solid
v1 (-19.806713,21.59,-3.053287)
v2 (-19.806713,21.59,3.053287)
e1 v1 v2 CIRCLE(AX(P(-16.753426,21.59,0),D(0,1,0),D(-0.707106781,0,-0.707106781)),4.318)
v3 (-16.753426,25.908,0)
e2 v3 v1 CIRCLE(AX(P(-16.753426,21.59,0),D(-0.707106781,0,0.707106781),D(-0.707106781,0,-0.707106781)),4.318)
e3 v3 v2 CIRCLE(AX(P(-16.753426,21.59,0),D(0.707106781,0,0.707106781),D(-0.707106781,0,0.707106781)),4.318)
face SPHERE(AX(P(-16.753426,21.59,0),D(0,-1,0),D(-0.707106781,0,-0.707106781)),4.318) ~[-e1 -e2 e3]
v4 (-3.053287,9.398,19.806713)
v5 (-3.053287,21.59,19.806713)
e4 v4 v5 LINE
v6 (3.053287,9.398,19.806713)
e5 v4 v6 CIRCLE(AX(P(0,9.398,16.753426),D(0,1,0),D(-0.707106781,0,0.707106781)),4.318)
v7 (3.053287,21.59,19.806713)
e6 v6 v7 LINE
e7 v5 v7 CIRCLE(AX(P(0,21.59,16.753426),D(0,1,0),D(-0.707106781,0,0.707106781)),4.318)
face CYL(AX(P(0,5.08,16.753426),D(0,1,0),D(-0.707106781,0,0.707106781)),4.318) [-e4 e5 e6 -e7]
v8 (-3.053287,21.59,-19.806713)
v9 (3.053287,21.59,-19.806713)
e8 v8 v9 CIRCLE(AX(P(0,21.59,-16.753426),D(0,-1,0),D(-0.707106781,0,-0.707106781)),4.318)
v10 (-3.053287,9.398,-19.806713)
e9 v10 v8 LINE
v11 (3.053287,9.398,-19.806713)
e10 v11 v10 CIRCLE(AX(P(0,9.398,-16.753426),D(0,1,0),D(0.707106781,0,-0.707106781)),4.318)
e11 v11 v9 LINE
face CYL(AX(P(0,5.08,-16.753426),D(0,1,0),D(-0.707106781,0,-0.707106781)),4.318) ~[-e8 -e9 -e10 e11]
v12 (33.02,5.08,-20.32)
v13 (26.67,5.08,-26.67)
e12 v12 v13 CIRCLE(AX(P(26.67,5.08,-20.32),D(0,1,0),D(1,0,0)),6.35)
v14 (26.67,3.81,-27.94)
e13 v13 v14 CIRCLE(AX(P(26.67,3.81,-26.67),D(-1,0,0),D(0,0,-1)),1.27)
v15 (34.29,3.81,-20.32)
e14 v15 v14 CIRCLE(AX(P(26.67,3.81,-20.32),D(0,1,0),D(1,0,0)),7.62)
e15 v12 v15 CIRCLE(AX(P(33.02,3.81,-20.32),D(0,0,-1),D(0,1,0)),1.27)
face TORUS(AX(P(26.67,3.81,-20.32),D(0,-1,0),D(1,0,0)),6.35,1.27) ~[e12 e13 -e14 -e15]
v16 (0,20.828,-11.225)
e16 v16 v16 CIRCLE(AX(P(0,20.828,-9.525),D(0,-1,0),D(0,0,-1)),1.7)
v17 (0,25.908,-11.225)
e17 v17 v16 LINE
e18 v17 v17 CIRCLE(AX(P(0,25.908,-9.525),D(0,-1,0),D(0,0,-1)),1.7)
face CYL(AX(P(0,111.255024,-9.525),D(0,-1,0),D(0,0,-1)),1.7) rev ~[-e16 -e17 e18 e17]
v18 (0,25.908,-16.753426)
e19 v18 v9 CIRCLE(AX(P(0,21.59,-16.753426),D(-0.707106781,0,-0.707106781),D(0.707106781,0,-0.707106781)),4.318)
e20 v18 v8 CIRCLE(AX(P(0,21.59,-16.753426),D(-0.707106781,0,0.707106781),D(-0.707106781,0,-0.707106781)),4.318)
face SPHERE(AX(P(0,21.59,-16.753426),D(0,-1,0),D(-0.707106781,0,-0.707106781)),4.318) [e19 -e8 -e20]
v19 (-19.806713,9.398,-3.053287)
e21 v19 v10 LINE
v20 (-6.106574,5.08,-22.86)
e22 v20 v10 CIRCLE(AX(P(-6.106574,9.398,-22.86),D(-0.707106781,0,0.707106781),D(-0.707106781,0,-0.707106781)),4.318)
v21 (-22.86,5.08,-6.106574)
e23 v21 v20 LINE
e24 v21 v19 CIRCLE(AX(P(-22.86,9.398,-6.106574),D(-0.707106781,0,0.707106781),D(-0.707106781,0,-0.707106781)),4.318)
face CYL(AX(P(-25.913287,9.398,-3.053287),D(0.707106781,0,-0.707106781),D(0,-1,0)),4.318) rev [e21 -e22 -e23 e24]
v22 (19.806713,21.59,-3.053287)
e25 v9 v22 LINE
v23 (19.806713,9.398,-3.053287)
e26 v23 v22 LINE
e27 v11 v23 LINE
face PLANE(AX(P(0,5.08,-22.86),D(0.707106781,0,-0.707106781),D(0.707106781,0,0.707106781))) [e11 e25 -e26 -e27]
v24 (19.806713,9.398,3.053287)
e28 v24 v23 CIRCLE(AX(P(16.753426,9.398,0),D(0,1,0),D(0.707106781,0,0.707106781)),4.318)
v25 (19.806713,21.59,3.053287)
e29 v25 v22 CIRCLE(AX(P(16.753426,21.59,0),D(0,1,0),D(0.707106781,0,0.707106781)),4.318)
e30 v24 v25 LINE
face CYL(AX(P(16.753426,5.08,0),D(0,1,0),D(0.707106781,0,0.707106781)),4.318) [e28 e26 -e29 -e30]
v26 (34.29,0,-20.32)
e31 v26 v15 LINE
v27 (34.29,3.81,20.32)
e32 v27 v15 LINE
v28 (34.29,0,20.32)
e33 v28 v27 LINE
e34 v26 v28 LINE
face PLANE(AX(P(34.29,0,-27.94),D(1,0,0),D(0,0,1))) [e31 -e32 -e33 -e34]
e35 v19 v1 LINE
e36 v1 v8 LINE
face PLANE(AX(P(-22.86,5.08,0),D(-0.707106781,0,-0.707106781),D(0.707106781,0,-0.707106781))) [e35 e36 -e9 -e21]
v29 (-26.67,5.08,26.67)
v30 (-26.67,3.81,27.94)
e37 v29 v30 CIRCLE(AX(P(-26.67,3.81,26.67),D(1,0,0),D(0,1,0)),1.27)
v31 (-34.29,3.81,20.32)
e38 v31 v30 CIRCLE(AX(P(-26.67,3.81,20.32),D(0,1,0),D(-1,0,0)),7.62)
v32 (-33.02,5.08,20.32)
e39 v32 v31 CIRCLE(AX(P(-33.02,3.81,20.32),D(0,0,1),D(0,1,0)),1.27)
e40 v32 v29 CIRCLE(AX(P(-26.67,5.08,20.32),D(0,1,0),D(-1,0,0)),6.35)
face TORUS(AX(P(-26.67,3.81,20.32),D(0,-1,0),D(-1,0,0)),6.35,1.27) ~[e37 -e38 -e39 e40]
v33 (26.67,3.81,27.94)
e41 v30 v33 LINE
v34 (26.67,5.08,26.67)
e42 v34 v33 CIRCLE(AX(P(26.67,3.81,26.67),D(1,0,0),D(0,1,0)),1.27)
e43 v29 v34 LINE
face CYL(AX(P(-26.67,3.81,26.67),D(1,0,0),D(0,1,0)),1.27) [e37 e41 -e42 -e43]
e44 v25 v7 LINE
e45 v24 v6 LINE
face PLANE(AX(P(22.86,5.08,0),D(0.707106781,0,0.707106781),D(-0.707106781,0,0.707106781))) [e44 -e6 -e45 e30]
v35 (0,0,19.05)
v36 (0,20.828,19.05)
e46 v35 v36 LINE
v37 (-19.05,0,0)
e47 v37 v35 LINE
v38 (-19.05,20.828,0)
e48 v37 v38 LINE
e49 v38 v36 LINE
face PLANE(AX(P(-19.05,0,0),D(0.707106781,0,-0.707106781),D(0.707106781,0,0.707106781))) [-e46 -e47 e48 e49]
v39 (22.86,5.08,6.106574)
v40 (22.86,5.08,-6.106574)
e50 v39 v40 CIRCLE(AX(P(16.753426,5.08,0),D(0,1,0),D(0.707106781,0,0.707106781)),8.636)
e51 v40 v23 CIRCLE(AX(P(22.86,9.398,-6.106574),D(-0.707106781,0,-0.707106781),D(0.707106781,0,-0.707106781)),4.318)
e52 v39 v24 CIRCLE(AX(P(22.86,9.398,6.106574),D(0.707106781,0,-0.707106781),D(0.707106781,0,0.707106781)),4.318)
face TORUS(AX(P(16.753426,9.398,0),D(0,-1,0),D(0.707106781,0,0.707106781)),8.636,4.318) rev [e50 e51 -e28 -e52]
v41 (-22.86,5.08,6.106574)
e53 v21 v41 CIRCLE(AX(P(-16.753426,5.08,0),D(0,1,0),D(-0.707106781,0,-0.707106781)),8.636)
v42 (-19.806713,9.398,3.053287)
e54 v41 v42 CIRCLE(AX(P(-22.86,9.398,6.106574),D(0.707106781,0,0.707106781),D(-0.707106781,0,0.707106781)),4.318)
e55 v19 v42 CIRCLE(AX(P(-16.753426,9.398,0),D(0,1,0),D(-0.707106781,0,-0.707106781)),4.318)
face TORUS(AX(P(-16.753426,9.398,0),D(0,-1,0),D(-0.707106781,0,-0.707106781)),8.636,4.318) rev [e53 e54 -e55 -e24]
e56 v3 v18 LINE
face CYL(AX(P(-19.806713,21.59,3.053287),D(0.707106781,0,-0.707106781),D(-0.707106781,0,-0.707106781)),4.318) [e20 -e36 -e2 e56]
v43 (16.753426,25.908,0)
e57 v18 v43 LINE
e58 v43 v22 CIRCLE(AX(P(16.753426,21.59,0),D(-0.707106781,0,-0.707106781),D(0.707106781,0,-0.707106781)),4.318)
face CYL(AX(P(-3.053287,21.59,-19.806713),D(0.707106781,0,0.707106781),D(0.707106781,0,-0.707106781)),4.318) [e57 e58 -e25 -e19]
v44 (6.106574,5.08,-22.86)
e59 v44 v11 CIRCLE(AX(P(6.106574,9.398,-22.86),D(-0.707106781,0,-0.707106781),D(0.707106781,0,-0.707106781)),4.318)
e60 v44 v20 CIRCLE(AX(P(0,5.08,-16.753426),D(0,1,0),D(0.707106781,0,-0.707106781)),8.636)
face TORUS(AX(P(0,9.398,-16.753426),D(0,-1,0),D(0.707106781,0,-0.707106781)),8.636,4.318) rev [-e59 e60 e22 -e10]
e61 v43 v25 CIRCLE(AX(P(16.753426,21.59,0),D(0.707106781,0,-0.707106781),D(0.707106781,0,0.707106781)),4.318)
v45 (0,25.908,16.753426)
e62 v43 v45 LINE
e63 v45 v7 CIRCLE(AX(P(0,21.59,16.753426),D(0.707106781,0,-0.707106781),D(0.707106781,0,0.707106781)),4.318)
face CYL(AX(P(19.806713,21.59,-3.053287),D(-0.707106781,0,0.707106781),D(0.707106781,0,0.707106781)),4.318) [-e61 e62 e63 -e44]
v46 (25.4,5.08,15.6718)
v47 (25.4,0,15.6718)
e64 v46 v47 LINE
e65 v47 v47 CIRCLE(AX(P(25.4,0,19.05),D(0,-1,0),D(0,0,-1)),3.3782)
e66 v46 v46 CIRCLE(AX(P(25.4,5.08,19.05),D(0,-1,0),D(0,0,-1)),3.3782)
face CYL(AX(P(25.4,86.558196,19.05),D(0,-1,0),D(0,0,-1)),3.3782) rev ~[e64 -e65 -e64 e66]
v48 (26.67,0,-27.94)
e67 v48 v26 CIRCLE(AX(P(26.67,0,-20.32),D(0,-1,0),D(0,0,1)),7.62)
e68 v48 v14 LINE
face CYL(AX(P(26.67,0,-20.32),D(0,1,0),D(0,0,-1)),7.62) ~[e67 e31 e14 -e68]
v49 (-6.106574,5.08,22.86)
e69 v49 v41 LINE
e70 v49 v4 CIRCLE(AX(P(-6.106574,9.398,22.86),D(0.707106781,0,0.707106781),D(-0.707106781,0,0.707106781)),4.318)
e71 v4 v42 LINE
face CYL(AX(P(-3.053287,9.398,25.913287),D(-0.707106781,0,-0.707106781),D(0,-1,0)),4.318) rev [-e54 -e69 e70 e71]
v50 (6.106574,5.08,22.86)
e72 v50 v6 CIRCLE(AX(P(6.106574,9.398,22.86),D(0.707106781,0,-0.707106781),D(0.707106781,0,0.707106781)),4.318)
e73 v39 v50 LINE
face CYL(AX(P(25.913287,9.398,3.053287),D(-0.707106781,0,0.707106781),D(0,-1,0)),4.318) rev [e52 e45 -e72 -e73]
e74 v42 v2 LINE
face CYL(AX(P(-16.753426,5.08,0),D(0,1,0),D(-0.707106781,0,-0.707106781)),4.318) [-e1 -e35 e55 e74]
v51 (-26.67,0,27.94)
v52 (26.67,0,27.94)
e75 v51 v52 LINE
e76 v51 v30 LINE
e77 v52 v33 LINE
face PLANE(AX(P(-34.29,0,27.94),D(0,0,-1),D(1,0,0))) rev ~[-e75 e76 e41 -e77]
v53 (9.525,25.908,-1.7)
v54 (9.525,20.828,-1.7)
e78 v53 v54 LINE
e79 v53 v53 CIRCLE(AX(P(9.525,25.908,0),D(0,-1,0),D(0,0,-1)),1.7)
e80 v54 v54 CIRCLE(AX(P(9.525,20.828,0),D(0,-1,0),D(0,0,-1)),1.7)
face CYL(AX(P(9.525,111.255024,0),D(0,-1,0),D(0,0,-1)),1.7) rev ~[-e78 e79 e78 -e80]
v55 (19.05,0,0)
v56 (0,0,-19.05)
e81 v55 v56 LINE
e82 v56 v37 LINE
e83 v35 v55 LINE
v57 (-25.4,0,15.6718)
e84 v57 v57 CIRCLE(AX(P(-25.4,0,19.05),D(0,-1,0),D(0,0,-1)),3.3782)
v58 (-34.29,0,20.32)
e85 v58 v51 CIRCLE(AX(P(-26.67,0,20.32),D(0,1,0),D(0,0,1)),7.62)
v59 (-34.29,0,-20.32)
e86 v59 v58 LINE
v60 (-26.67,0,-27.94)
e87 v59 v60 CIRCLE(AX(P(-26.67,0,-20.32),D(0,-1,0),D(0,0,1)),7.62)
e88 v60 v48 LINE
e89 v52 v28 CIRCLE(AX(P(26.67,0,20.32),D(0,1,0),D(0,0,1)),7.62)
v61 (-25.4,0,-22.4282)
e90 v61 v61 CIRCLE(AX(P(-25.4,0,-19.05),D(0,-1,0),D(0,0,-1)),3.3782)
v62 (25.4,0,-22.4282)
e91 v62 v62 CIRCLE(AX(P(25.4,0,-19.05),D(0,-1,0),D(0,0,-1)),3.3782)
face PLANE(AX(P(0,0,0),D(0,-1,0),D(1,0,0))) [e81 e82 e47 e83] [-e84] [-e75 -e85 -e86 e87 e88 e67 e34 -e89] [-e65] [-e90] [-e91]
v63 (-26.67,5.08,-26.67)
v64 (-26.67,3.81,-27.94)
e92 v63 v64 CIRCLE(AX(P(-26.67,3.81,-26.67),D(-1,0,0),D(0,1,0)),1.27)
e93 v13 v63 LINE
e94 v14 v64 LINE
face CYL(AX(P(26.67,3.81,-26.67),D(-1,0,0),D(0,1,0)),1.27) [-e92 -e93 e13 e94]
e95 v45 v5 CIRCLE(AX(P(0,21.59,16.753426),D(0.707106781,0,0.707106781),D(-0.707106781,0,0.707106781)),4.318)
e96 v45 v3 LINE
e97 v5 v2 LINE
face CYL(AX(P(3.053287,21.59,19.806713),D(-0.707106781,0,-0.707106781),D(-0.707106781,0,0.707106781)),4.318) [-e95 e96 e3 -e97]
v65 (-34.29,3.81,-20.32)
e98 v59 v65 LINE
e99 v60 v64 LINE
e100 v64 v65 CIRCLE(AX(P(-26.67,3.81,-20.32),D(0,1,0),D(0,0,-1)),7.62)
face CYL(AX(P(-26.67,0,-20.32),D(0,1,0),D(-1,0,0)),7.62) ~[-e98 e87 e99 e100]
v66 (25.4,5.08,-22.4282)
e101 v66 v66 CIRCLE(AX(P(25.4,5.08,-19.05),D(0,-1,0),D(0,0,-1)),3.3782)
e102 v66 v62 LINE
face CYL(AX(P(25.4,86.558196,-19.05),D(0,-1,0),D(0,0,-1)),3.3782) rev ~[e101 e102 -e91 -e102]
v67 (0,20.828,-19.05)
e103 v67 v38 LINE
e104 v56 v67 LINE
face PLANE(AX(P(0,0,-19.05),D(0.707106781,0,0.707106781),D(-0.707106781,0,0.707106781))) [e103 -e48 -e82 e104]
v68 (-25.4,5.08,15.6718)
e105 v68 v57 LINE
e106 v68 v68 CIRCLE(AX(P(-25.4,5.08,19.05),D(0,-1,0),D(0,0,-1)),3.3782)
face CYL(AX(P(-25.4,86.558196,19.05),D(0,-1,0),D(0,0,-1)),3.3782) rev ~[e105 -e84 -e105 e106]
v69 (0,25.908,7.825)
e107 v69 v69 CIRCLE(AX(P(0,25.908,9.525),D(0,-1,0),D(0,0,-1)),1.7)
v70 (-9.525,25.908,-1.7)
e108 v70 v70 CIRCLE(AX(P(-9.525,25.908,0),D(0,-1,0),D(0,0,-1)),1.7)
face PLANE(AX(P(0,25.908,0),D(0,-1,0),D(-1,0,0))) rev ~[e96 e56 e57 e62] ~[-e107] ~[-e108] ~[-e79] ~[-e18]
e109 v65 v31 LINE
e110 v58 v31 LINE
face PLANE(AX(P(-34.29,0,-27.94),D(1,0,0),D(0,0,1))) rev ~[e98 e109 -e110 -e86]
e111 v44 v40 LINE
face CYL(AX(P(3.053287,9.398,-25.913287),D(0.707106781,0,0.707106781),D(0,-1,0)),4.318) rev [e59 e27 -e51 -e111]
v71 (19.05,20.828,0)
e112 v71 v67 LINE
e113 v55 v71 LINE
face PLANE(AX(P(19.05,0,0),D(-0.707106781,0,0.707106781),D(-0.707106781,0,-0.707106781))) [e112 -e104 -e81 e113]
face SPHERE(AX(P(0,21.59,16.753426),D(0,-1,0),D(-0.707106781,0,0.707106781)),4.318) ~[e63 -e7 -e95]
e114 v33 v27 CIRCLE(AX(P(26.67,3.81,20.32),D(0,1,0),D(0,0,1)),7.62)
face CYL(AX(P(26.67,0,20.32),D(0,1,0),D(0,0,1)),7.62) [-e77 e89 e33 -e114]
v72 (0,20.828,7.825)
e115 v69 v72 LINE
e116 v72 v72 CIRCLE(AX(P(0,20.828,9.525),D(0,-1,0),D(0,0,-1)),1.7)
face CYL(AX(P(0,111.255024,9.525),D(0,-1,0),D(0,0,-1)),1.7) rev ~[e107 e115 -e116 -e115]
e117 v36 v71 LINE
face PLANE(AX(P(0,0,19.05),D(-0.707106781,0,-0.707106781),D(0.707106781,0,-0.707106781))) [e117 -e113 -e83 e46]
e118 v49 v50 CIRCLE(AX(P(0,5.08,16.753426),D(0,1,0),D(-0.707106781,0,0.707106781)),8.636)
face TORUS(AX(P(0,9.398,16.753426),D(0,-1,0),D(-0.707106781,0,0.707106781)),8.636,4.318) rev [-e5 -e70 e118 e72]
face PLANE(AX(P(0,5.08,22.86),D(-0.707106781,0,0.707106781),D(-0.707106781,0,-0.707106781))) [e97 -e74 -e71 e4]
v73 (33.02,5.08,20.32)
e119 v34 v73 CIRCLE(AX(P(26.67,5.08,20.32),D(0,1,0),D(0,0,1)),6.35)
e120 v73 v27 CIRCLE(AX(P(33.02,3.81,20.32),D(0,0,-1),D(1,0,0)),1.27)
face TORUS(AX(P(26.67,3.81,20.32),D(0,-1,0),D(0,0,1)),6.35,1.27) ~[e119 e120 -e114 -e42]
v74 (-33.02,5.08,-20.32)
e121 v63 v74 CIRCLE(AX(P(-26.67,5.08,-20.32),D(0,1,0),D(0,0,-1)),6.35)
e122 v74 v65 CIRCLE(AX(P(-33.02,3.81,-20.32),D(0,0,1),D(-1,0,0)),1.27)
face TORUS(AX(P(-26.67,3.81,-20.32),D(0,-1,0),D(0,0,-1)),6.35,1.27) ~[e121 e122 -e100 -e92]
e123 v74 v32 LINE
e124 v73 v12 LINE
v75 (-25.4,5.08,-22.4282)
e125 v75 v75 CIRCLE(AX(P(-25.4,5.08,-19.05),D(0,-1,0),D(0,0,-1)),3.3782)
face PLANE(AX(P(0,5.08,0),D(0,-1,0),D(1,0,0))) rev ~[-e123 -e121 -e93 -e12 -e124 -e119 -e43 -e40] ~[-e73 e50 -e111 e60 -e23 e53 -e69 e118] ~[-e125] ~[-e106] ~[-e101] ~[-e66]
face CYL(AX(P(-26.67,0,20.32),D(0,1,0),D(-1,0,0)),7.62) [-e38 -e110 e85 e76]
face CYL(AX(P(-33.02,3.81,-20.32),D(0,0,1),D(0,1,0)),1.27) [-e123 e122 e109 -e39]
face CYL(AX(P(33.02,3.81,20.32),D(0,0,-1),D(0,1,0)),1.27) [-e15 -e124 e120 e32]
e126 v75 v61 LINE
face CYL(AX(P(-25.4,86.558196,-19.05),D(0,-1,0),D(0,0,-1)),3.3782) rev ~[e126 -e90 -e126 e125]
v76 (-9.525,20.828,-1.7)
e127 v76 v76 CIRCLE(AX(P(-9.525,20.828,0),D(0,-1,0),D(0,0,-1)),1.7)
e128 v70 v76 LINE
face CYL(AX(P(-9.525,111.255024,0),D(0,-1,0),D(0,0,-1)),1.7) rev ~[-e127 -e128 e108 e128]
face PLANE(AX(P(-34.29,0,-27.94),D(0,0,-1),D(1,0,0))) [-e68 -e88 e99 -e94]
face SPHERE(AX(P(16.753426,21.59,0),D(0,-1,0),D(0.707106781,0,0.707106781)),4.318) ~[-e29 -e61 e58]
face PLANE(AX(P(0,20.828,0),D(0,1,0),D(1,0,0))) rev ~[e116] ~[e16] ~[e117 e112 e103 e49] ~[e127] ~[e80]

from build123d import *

# Parameters (mm, degrees)
SKETCH4_W               = 63.5
SKETCH4_H               = 50.8
BOSS_EXTRUDE2_DEPTH     = 5.08
F_1_4_CLEARANCE_HOLE2_D = 6.7564
BOSS_EXTRUDE3_DEPTH     = 20.828
M3_CLEARANCE_HOLE1_D    = 3.4
CUT_EXTRUDE1_DEPTH      = 20.828
FILLET2_R               = 4.318
SKETCH13_W              = 68.58
SKETCH13_H              = 55.88
SKETCH13_W_2            = 63.5
SKETCH13_H_2            = 50.8
BOSS_EXTRUDE4_DEPTH     = 5.08
FILLET3_R               = 7.62
FILLET4_R               = 1.27


with BuildPart() as part:
    # Sketch4 → Boss-Extrude2 (new body)
    with BuildSketch(Plane(origin=(0, 0, 0), x_dir=(1, 0, 0), z_dir=(0, 1, 0))):
        Rectangle(SKETCH4_W, SKETCH4_H)
    extrude(amount=BOSS_EXTRUDE2_DEPTH)

    # 1/4 Clearance Hole2 (through all)
    with Locations(Plane(origin=(-25.4, 5.08, -19.05), x_dir=(0, 0, 1), z_dir=(0, 1, 0))):
        with Locations((0, 0), (0, 50.8), (38.1, 50.8), (38.1, 0)):
            Hole(F_1_4_CLEARANCE_HOLE2_D / 2)

    # Sketch7 → Boss-Extrude3 (add)
    with BuildSketch(Plane(origin=(0, 5.08, 0), x_dir=(1, 0, 0), z_dir=(0, 1, 0))):
        Polygon((0, 22.86), (22.86, 0), (0, -22.86), (-22.86, 0), align=None)
    extrude(amount=BOSS_EXTRUDE3_DEPTH)

    # M3 Clearance Hole1 (through all)
    with Locations(Plane(origin=(0, 25.908, -9.525), x_dir=(0, 0, 1), z_dir=(0, 1, 0))):
        with Locations((0, 0), (9.525, 9.525), (19.05, 0), (9.525, -9.525)):
            Hole(M3_CLEARANCE_HOLE1_D / 2)

    # Sketch12 → Cut-Extrude1 (cut)
    with BuildSketch(Plane(origin=(0, 0, 0), x_dir=(-1, 0, 0), z_dir=(0, -1, 0))):
        Polygon((0, -19.05), (-19.05, 0), (0, 19.05), (19.05, 0), align=None)
    extrude(amount=-CUT_EXTRUDE1_DEPTH, mode=Mode.SUBTRACT)

    # Fillet2
    fillet2_edges = [part.edges().sort_by_distance(p)[0] for p in [
        (-11.43, 5.08, -11.43),
        (0, 15.494, -22.86),
        (-11.43, 5.08, 11.43),
        (-22.86, 15.494, 0),
        (11.43, 5.08, 11.43),
        (0, 15.494, 22.86),
        (11.43, 5.08, -11.43),
        (22.86, 15.494, 0),
        (-11.43, 25.908, -11.43),
        (-11.43, 25.908, 11.43),
        (11.43, 25.908, 11.43),
        (11.43, 25.908, -11.43),
    ]]
    fillet(fillet2_edges, radius=FILLET2_R)

    # Sketch13 → Boss-Extrude4 (add)
    with BuildSketch(Plane.XZ):
        Rectangle(SKETCH13_W, SKETCH13_H)
        Rectangle(SKETCH13_W_2, SKETCH13_H_2, mode=Mode.SUBTRACT)
    extrude(amount=-BOSS_EXTRUDE4_DEPTH)

    # Fillet3
    fillet3_edges = [part.edges().sort_by_distance(p)[0] for p in [
        (-34.29, 2.54, -27.94),
        (-34.29, 2.54, 27.94),
        (34.29, 2.54, 27.94),
        (34.29, 2.54, -27.94),
    ]]
    fillet(fillet3_edges, radius=FILLET3_R)

    # Fillet4
    fillet4_edges = [part.edges().sort_by_distance(p)[0] for p in [
        (0, 5.08, 27.94),
        (-34.29, 5.08, 0),
        (34.29, 5.08, 0),
        (0, 5.08, -27.94),
        (32.058153673, 5.08, -25.708153673),
        (32.058153673, 5.08, 25.708153673),
        (-32.058153673, 5.08, -25.708153673),
        (-32.058153673, 5.08, 25.708153673),
    ]]
    fillet(fillet4_edges, radius=FILLET4_R)


solid = part.part
